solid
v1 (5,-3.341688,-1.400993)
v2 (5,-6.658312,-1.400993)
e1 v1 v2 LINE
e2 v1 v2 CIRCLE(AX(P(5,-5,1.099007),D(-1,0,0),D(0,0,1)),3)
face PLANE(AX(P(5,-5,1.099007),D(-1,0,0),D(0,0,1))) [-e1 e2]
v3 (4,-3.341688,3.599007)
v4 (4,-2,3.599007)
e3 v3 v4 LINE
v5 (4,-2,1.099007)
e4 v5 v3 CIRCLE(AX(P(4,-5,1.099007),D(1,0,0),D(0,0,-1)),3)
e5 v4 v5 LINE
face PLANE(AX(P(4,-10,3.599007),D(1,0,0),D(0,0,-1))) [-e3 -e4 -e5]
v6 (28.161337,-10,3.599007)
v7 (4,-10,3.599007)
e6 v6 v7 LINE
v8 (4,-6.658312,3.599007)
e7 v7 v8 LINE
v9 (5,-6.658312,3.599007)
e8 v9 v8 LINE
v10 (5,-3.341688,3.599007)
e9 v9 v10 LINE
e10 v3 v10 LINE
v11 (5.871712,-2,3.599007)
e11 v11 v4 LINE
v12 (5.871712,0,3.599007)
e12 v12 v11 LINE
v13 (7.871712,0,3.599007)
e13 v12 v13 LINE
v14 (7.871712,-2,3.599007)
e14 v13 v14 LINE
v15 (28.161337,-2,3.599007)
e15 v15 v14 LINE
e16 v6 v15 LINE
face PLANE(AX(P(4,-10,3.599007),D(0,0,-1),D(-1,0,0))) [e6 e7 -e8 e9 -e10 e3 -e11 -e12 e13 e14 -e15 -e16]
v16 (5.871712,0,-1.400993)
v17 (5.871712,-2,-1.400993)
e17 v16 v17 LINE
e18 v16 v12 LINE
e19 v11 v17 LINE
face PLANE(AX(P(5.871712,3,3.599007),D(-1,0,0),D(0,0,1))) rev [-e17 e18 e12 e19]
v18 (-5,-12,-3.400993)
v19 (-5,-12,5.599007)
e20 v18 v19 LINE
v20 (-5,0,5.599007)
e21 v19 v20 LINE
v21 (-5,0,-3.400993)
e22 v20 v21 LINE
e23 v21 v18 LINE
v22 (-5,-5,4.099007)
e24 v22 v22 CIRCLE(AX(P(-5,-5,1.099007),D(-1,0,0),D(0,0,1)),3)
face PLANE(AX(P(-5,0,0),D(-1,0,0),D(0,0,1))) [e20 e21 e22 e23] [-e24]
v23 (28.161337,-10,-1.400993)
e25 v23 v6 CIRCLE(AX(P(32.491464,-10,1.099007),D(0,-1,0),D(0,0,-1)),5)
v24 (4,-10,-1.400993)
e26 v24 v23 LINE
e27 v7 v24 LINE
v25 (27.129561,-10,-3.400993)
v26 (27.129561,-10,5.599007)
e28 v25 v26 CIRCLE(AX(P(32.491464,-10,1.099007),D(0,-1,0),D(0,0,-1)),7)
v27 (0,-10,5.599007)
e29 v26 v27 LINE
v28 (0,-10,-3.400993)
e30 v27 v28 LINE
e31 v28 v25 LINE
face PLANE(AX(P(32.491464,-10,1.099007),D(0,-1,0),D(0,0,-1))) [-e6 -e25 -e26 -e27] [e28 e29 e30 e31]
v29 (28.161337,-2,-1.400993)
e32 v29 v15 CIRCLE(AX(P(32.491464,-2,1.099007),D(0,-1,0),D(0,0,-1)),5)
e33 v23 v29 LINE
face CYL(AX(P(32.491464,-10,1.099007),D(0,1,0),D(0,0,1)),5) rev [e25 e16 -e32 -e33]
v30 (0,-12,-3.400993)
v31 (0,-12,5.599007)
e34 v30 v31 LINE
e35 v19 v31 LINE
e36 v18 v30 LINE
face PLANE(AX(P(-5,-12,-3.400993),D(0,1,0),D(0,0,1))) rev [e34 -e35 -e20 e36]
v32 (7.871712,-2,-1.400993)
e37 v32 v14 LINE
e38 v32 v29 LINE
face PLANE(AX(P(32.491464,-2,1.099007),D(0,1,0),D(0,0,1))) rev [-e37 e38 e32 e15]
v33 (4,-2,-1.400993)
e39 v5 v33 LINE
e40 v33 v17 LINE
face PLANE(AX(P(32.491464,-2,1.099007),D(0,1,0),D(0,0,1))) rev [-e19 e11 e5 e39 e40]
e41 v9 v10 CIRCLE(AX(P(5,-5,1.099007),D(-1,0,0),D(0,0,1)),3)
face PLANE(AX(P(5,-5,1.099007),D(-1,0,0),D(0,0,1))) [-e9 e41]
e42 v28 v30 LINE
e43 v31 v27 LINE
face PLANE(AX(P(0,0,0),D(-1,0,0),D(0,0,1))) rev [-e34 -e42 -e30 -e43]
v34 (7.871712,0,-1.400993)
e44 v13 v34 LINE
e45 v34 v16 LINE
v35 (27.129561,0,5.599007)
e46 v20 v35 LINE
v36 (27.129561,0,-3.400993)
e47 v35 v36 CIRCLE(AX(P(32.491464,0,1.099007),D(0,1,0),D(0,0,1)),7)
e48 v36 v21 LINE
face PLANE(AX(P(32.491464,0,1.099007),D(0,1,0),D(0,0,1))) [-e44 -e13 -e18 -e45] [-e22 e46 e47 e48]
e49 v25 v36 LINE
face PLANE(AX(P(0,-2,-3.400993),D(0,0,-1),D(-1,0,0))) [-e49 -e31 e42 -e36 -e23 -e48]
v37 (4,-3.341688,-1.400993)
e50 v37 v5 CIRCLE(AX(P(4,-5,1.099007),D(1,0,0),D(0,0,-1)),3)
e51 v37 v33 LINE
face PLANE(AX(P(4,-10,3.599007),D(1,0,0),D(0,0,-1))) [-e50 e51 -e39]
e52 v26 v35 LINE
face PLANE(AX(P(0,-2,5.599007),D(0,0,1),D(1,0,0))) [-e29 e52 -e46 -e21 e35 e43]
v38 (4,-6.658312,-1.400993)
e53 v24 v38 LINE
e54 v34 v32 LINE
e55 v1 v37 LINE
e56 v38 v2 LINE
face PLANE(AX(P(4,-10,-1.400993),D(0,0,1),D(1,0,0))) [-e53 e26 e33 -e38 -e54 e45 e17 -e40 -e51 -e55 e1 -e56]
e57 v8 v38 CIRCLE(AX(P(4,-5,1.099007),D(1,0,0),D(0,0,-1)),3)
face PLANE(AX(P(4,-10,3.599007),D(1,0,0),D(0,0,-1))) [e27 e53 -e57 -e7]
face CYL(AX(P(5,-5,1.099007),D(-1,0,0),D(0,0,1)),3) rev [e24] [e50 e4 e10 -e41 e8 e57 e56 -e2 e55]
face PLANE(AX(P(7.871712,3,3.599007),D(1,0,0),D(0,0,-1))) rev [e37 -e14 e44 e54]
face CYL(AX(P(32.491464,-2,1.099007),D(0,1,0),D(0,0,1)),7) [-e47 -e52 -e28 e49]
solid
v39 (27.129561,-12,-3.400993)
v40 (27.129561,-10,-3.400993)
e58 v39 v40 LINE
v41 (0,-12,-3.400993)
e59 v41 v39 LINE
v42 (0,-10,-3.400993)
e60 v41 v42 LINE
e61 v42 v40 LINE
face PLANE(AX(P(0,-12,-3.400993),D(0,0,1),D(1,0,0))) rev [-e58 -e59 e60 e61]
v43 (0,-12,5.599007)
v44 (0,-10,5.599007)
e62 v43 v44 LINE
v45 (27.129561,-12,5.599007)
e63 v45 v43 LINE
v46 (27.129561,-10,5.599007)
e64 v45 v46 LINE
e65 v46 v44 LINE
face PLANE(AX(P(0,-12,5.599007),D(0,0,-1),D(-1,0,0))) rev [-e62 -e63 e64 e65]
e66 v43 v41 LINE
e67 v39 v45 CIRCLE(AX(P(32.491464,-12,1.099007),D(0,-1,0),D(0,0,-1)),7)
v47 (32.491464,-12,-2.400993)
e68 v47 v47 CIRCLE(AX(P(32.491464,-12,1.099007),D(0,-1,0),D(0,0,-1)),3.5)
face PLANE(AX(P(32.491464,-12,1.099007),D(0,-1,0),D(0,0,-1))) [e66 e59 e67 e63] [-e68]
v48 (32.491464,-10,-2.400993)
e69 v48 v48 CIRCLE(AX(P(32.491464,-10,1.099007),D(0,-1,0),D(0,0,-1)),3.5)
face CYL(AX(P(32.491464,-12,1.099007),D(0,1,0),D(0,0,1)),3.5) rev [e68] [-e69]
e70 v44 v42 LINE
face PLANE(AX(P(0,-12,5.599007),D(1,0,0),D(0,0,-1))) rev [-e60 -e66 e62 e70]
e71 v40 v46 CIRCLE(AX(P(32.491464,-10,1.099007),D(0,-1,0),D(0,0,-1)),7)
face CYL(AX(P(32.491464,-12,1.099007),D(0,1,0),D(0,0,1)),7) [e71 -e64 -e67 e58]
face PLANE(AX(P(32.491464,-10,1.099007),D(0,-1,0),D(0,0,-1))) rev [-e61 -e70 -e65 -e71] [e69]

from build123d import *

# Parameters (mm, degrees)
BOSS_EXTRUDE1_DEPTH = 2
BOSS_EXTRUDE2_DEPTH = 8
SKETCH3_R           = 3
CUT_EXTRUDE1_DEPTH  = 5
SKETCH4_W           = 2
SKETCH4_H           = 5
CUT_EXTRUDE2_DEPTH  = 5
BOSS_EXTRUDE3_START = 5
SKETCH5_W           = 9
SKETCH5_H           = 12
SKETCH5_R           = 3
BOSS_EXTRUDE3_DEPTH = 5
SKETCH6_R           = 3.5
BOSS_EXTRUDE4_DEPTH = 2


with BuildPart() as part:
    # Sketch1 → Boss-Extrude1 (new body)
    with BuildSketch(Plane(origin=(0, 0, 0), x_dir=(1, 0, 0), z_dir=(0, 1, 0))):
        with BuildLine():
            Line((0, 3.400993316), (27.129560965, 3.400993316))
            ThreePointArc((27.129560965, 3.400993316), (39.491463612, -1.099006684), (27.129560965, -5.599006684))
            Line((27.129560965, -5.599006684), (0, -5.599006684))
            Line((0, -5.599006684), (0, 3.400993316))
        make_face()
    extrude(amount=-BOSS_EXTRUDE1_DEPTH)

    # Sketch2 → Boss-Extrude2 (add)
    with BuildSketch(Plane.XZ.offset(2)):
        with BuildLine():
            Line((0, 5.599006684), (27.129560965, 5.599006684))
            ThreePointArc((27.129560965, 5.599006684), (39.491463612, 1.099006684), (27.129560965, -3.400993316))
            Line((27.129560965, -3.400993316), (0, -3.400993316))
            Line((0, -3.400993316), (0, 5.599006684))
        make_face()
        with BuildLine():
            Line((4, 3.599006684), (28.161336593, 3.599006684))
            ThreePointArc((28.161336593, 3.599006684), (37.491463612, 1.099006684), (28.161336593, -1.400993316))
            Line((28.161336593, -1.400993316), (4, -1.400993316))
            Line((4, -1.400993316), (4, 3.599006684))
        make_face(mode=Mode.SUBTRACT)
    extrude(amount=BOSS_EXTRUDE2_DEPTH)

    # Sketch3 → Cut-Extrude1 (cut)
    with BuildSketch(Plane.ZY):
        with Locations((1.099006684, -5)):
            Circle(SKETCH3_R)
    extrude(amount=-CUT_EXTRUDE1_DEPTH, mode=Mode.SUBTRACT)

    # Sketch4 → Cut-Extrude2 (cut)
    with BuildSketch(Plane.XZ.offset(2)):
        with Locations((6.871712495, 1.099006684)):
            Rectangle(SKETCH4_W, SKETCH4_H)
    extrude(amount=-CUT_EXTRUDE2_DEPTH, mode=Mode.SUBTRACT)

    # Sketch5 → Boss-Extrude3 (add)
    with BuildSketch(Plane.ZY.offset(BOSS_EXTRUDE3_START)):
        with Locations((1.099006684, -6)):
            Rectangle(SKETCH5_W, SKETCH5_H)
        with Locations((1.099006684, -5)):
            Circle(SKETCH5_R, mode=Mode.SUBTRACT)
    extrude(amount=-BOSS_EXTRUDE3_DEPTH)


with BuildPart() as body_2:
    # Sketch6 → Boss-Extrude4 (new body)
    with BuildSketch(Plane.XZ.offset(10)):
        with BuildLine():
            Line((0, 5.599006684), (27.129560965, 5.599006684))
            ThreePointArc((27.129560965, 5.599006684), (39.491463612, 1.099006684), (27.129560965, -3.400993316))
            Line((27.129560965, -3.400993316), (0, -3.400993316))
            Line((0, -3.400993316), (0, 5.599006684))
        make_face()
        with Locations(Location((32.491463612, 1.099006684, 0), (0, 0, 270))):
            Circle(SKETCH6_R, mode=Mode.SUBTRACT)
    extrude(amount=BOSS_EXTRUDE4_DEPTH)


solid = Compound([part.part, body_2.part])
